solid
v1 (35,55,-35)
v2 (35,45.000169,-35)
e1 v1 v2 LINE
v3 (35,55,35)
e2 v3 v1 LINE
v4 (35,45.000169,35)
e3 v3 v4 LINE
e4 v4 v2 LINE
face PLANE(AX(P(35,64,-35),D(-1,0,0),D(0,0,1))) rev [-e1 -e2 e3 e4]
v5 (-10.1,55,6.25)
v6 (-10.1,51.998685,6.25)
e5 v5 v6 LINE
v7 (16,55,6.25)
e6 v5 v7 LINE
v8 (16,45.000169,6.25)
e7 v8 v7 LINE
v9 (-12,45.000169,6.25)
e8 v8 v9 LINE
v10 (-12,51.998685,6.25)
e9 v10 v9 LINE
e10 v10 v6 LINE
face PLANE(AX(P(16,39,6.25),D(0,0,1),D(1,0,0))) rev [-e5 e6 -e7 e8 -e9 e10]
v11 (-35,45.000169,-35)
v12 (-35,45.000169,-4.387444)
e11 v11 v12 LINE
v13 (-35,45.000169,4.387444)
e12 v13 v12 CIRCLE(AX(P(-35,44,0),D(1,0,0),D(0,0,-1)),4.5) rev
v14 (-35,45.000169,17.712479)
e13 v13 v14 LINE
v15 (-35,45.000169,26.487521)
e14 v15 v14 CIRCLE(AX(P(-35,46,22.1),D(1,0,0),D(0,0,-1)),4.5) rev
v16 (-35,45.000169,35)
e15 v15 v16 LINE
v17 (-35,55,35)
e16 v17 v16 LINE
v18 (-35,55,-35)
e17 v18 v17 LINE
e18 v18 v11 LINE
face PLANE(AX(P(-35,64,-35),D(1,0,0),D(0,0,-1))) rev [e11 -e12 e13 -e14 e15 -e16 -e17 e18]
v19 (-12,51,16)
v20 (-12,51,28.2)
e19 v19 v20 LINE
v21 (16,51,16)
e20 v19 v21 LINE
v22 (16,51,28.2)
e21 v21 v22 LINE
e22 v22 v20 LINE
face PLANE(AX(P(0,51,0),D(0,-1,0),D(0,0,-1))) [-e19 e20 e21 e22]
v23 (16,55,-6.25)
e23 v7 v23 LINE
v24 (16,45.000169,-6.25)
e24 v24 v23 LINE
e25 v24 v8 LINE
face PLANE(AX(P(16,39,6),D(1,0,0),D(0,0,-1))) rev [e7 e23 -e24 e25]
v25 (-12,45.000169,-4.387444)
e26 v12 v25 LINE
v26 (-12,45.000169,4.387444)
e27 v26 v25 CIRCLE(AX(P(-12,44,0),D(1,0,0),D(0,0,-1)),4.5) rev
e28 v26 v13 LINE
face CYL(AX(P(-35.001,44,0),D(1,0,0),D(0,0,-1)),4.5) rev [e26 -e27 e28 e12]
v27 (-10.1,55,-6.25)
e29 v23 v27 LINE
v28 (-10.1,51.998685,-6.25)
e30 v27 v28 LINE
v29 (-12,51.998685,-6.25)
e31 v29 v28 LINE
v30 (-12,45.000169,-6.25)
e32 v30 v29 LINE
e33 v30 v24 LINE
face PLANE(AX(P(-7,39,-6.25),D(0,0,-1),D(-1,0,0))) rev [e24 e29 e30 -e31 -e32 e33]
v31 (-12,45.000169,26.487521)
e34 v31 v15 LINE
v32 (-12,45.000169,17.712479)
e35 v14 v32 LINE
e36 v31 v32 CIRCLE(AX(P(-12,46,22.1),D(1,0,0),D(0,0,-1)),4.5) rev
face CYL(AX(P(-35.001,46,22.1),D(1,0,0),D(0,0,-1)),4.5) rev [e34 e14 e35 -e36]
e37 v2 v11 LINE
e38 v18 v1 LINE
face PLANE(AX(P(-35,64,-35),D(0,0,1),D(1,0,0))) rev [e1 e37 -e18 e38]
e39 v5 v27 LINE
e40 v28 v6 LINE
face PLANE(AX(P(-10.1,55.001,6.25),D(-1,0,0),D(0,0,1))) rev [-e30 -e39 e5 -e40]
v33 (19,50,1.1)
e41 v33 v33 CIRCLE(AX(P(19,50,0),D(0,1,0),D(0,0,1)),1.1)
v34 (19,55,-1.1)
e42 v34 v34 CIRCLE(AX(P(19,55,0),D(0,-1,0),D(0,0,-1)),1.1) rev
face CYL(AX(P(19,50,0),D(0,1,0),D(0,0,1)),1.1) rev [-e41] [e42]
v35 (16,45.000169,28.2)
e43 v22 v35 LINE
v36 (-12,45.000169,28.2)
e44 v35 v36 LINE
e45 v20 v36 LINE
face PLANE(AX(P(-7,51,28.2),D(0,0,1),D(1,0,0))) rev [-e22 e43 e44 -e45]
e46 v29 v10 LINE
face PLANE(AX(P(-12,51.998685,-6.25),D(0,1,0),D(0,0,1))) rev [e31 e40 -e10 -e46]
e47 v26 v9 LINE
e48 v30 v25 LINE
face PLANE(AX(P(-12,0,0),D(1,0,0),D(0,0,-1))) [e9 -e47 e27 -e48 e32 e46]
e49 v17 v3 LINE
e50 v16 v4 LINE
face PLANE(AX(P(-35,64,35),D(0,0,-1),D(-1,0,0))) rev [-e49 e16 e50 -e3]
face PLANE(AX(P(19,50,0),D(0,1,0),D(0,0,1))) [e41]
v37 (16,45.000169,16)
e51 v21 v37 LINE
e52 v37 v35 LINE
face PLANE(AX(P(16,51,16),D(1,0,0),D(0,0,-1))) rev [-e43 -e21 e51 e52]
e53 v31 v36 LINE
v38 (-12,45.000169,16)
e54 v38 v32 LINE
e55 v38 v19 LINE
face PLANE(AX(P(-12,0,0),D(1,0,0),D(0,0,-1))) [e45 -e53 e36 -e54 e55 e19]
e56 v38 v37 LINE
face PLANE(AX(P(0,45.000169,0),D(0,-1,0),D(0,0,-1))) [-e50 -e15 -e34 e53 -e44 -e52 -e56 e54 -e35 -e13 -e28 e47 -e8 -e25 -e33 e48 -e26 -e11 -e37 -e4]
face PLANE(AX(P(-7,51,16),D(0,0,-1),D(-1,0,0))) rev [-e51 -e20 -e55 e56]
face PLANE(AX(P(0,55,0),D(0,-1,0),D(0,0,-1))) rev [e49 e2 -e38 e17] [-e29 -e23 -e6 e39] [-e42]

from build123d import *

# Parameters (mm, degrees)
CROQUIS1_W              = 64
CROQUIS1_H              = 64
SALIENTE_EXTRUIR1_DEPTH = 60
CROQUIS2_W              = 70
CROQUIS2_H              = 70
CROQUIS2_W_2            = 64
CROQUIS2_H_2            = 64
SALIENTE_EXTRUIR2_DEPTH = 64
CORTAR_EXTRUIR1_DEPTH   = 21
CROQUIS5_R              = 1.1
CORTAR_EXTRUIR2_DEPTH   = 10
CORTAR_EXTRUIR3_REACH   = 30
CROQUIS10_R             = 4.5
CROQUIS11_W             = 70
CROQUIS11_H             = 70
CORTAR_EXTRUIR4_DEPTH   = 30
CROQUIS12_W             = 23
CROQUIS12_H             = 12.2
CORTAR_EXTRUIR5_DEPTH   = 21
CORTAR_EXTRUIR6_REACH   = 30
CROQUIS13_R             = 4.5
CROQUIS14_R             = 1.1
CORTAR_EXTRUIR7_DEPTH   = 10
CROQUIS15_R             = 3.7
CORTAR_EXTRUIR8_DEPTH   = 10
CROQUIS16_W             = 64
CROQUIS16_H             = 64
CORTAR_EXTRUIR9_DEPTH   = 5
CROQUIS17_W             = 12.5
CROQUIS17_H             = 12.998685397
CORTAR_EXTRUIR10_DEPTH  = 5
CORTAR_EXTRUIR11_REACH  = 72
CROQUIS18_W             = 70
CROQUIS18_H             = 9
CROQUIS18_H_2           = 5.000169364
CORTAR_EXTRUIR13_DEPTH  = 5
CORTAR_EXTRUIR14_REACH  = 12
CROQUIS21_W             = 81.467019472
CROQUIS21_H             = 81.467019472
CORTAR_EXTRUIR16_REACH  = 5.001
CROQUIS23_W             = 3.1
CROQUIS23_H             = 12.5


with BuildPart() as part:
    # Croquis1 → Saliente-Extruir1 (new body)
    with BuildSketch(Plane(origin=(0, 0, 0), x_dir=(1, 0, 0), z_dir=(0, 1, 0))):
        Rectangle(CROQUIS1_W, CROQUIS1_H)
    extrude(amount=SALIENTE_EXTRUIR1_DEPTH)

    # Croquis2 → Saliente-Extruir2 (add)
    with BuildSketch(Plane(origin=(0, 0, 0), x_dir=(1, 0, 0), z_dir=(0, 1, 0))):
        Rectangle(CROQUIS2_W, CROQUIS2_H)
        Rectangle(CROQUIS2_W_2, CROQUIS2_H_2, mode=Mode.SUBTRACT)
    extrude(amount=SALIENTE_EXTRUIR2_DEPTH)

    # Croquis4 → Cortar-Extruir1 (cut)
    with BuildSketch(Plane(origin=(0, 60, 0), x_dir=(1, 0, 0), z_dir=(0, 1, 0))):
        Polygon((-7, 6), (-7, -6), (-7, -6.25), (16, -6.25), (16, -6), (16, 6), (16, 6.25), (-7, 6.25), align=None)
    extrude(amount=-CORTAR_EXTRUIR1_DEPTH, mode=Mode.SUBTRACT)

    # Croquis5 → Cortar-Extruir2 (cut)
    with BuildSketch(Plane(origin=(0, 60, 0), x_dir=(1, 0, 0), z_dir=(0, 1, 0))):
        with Locations((19, 0)):
            Circle(CROQUIS5_R)
        with Locations((-9, 0)):
            Circle(CROQUIS5_R)
    extrude(amount=-CORTAR_EXTRUIR2_DEPTH, mode=Mode.SUBTRACT)

    # Croquis10 → Cortar-Extruir3 (cut, up to next)
    with BuildSketch(Plane(origin=(-7, 0, 0), x_dir=(0, 0, -1), z_dir=(1, 0, 0)), mode=Mode.PRIVATE) as cortar_extruir3_sk1:
        with Locations((0, 44)):
            Circle(CROQUIS10_R)
    cortar_extruir3_tool1 = extrude(cortar_extruir3_sk1.sketch, amount=-CORTAR_EXTRUIR3_REACH, mode=Mode.PRIVATE) & part.part
    add(cortar_extruir3_tool1.solids().sort_by_distance((-7, 44, 0))[0], mode=Mode.SUBTRACT)

    # Croquis11 → Cortar-Extruir4 (cut)
    with BuildSketch(Plane.XZ):
        Rectangle(CROQUIS11_W, CROQUIS11_H)
    extrude(amount=-CORTAR_EXTRUIR4_DEPTH, mode=Mode.SUBTRACT)

    # Croquis12 → Cortar-Extruir5 (cut)
    with BuildSketch(Plane.XZ.offset(-30)):
        with Locations((4.5, 22.1)):
            Rectangle(CROQUIS12_W, CROQUIS12_H)
    extrude(amount=-CORTAR_EXTRUIR5_DEPTH, mode=Mode.SUBTRACT)

    # Croquis13 → Cortar-Extruir6 (cut, up to next)
    with BuildSketch(Plane(origin=(-7, 0, 0), x_dir=(0, 0, -1), z_dir=(1, 0, 0)), mode=Mode.PRIVATE) as cortar_extruir6_sk1:
        with Locations((-22.1, 46)):
            Circle(CROQUIS13_R)
    cortar_extruir6_tool1 = extrude(cortar_extruir6_sk1.sketch, amount=-CORTAR_EXTRUIR6_REACH, mode=Mode.PRIVATE) & part.part
    add(cortar_extruir6_tool1.solids().sort_by_distance((-7, 46, 22.1))[0], mode=Mode.SUBTRACT)

    # Croquis14 → Cortar-Extruir7 (cut)
    with BuildSketch(Plane.XZ.offset(-30)):
        with Locations((19, 22.1)):
            Circle(CROQUIS14_R)
        with Locations((-9, 22.1)):
            Circle(CROQUIS14_R)
    extrude(amount=-CORTAR_EXTRUIR7_DEPTH, mode=Mode.SUBTRACT)

    # Croquis15 → Cortar-Extruir8 (cut)
    with BuildSketch(Plane.XZ.offset(-30)):
        with Locations((0, -22.1)):
            Circle(CROQUIS15_R)
    extrude(amount=-CORTAR_EXTRUIR8_DEPTH, mode=Mode.SUBTRACT)

    # Croquis16 → Cortar-Extruir9 (cut)
    with BuildSketch(Plane(origin=(0, 60, 0), x_dir=(1, 0, 0), z_dir=(0, 1, 0))):
        Rectangle(CROQUIS16_W, CROQUIS16_H)
    extrude(amount=-CORTAR_EXTRUIR9_DEPTH, mode=Mode.SUBTRACT)

    # Croquis17 → Cortar-Extruir10 (cut)
    with BuildSketch(Plane(origin=(-7, 0, 0), x_dir=(0, 0, -1), z_dir=(1, 0, 0))):
        with Locations((0, 45.499342699)):
            Rectangle(CROQUIS17_W, CROQUIS17_H)
    extrude(amount=-CORTAR_EXTRUIR10_DEPTH, mode=Mode.SUBTRACT)

    # Croquis18 → Cortar-Extruir11 (cut, up to next)
    with BuildSketch(Plane(origin=(35, 0, 0), x_dir=(0, 0, -1), z_dir=(1, 0, 0)), mode=Mode.PRIVATE) as cortar_extruir11_sk1:
        with Locations((0, 59.5)):
            Rectangle(CROQUIS18_W, CROQUIS18_H)
    cortar_extruir11_tool1 = extrude(cortar_extruir11_sk1.sketch, amount=-CORTAR_EXTRUIR11_REACH, mode=Mode.PRIVATE) & part.part
    add(cortar_extruir11_tool1.solids().sort_by_distance((35, 59.5, 0))[0], mode=Mode.SUBTRACT)
    # Croquis18 → Cortar-Extruir11 (cut, up to next)
    with BuildSketch(Plane(origin=(35, 0, 0), x_dir=(0, 0, -1), z_dir=(1, 0, 0)), mode=Mode.PRIVATE) as cortar_extruir11_sk2:
        with Locations((0, 32.500084682)):
            Rectangle(CROQUIS18_W, CROQUIS18_H_2)
    cortar_extruir11_tool2 = extrude(cortar_extruir11_sk2.sketch, amount=-CORTAR_EXTRUIR11_REACH, mode=Mode.PRIVATE) & part.part
    add(cortar_extruir11_tool2.solids().sort_by_distance((35, 32.500085, 0))[0], mode=Mode.SUBTRACT)

    # Croquis19 → Cortar-Extruir13 (cut)
    with BuildSketch(Plane(origin=(-7, 0, 0), x_dir=(0, 0, -1), z_dir=(1, 0, 0))):
        Polygon((-16, 51), (-28.2, 51), (-28.2, 38.000169364), (-22.1, 38.000169364), (-16, 38.000169364), align=None)
    extrude(amount=-CORTAR_EXTRUIR13_DEPTH, mode=Mode.SUBTRACT)

    # Croquis21 → Cortar-Extruir14 (cut, up to next)
    with BuildSketch(Plane(origin=(0, 45.000169364, 0), x_dir=(-1, 0, 0), z_dir=(0, -1, 0)), mode=Mode.PRIVATE) as cortar_extruir14_sk1:
        with Locations((0.076423095, -0.764230952)):
            Rectangle(CROQUIS21_W, CROQUIS21_H)
    cortar_extruir14_tool1 = extrude(cortar_extruir14_sk1.sketch, amount=CORTAR_EXTRUIR14_REACH, mode=Mode.PRIVATE) & part.part
    add(cortar_extruir14_tool1.solids().sort_by_distance((-0.076423, 45.000169, 0.764231))[0], mode=Mode.SUBTRACT)

    # Croquis23 → Cortar-Extruir16 (cut, up to next)
    with BuildSketch(Plane.XZ.offset(-51.998685397), mode=Mode.PRIVATE) as cortar_extruir16_sk1:
        with Locations((-8.55, 0)):
            Rectangle(CROQUIS23_W, CROQUIS23_H)
    cortar_extruir16_tool1 = extrude(cortar_extruir16_sk1.sketch, amount=-CORTAR_EXTRUIR16_REACH, mode=Mode.PRIVATE) & part.part
    add(cortar_extruir16_tool1.solids().sort_by_distance((-8.55, 51.998685, 0))[0], mode=Mode.SUBTRACT)


solid = part.part
